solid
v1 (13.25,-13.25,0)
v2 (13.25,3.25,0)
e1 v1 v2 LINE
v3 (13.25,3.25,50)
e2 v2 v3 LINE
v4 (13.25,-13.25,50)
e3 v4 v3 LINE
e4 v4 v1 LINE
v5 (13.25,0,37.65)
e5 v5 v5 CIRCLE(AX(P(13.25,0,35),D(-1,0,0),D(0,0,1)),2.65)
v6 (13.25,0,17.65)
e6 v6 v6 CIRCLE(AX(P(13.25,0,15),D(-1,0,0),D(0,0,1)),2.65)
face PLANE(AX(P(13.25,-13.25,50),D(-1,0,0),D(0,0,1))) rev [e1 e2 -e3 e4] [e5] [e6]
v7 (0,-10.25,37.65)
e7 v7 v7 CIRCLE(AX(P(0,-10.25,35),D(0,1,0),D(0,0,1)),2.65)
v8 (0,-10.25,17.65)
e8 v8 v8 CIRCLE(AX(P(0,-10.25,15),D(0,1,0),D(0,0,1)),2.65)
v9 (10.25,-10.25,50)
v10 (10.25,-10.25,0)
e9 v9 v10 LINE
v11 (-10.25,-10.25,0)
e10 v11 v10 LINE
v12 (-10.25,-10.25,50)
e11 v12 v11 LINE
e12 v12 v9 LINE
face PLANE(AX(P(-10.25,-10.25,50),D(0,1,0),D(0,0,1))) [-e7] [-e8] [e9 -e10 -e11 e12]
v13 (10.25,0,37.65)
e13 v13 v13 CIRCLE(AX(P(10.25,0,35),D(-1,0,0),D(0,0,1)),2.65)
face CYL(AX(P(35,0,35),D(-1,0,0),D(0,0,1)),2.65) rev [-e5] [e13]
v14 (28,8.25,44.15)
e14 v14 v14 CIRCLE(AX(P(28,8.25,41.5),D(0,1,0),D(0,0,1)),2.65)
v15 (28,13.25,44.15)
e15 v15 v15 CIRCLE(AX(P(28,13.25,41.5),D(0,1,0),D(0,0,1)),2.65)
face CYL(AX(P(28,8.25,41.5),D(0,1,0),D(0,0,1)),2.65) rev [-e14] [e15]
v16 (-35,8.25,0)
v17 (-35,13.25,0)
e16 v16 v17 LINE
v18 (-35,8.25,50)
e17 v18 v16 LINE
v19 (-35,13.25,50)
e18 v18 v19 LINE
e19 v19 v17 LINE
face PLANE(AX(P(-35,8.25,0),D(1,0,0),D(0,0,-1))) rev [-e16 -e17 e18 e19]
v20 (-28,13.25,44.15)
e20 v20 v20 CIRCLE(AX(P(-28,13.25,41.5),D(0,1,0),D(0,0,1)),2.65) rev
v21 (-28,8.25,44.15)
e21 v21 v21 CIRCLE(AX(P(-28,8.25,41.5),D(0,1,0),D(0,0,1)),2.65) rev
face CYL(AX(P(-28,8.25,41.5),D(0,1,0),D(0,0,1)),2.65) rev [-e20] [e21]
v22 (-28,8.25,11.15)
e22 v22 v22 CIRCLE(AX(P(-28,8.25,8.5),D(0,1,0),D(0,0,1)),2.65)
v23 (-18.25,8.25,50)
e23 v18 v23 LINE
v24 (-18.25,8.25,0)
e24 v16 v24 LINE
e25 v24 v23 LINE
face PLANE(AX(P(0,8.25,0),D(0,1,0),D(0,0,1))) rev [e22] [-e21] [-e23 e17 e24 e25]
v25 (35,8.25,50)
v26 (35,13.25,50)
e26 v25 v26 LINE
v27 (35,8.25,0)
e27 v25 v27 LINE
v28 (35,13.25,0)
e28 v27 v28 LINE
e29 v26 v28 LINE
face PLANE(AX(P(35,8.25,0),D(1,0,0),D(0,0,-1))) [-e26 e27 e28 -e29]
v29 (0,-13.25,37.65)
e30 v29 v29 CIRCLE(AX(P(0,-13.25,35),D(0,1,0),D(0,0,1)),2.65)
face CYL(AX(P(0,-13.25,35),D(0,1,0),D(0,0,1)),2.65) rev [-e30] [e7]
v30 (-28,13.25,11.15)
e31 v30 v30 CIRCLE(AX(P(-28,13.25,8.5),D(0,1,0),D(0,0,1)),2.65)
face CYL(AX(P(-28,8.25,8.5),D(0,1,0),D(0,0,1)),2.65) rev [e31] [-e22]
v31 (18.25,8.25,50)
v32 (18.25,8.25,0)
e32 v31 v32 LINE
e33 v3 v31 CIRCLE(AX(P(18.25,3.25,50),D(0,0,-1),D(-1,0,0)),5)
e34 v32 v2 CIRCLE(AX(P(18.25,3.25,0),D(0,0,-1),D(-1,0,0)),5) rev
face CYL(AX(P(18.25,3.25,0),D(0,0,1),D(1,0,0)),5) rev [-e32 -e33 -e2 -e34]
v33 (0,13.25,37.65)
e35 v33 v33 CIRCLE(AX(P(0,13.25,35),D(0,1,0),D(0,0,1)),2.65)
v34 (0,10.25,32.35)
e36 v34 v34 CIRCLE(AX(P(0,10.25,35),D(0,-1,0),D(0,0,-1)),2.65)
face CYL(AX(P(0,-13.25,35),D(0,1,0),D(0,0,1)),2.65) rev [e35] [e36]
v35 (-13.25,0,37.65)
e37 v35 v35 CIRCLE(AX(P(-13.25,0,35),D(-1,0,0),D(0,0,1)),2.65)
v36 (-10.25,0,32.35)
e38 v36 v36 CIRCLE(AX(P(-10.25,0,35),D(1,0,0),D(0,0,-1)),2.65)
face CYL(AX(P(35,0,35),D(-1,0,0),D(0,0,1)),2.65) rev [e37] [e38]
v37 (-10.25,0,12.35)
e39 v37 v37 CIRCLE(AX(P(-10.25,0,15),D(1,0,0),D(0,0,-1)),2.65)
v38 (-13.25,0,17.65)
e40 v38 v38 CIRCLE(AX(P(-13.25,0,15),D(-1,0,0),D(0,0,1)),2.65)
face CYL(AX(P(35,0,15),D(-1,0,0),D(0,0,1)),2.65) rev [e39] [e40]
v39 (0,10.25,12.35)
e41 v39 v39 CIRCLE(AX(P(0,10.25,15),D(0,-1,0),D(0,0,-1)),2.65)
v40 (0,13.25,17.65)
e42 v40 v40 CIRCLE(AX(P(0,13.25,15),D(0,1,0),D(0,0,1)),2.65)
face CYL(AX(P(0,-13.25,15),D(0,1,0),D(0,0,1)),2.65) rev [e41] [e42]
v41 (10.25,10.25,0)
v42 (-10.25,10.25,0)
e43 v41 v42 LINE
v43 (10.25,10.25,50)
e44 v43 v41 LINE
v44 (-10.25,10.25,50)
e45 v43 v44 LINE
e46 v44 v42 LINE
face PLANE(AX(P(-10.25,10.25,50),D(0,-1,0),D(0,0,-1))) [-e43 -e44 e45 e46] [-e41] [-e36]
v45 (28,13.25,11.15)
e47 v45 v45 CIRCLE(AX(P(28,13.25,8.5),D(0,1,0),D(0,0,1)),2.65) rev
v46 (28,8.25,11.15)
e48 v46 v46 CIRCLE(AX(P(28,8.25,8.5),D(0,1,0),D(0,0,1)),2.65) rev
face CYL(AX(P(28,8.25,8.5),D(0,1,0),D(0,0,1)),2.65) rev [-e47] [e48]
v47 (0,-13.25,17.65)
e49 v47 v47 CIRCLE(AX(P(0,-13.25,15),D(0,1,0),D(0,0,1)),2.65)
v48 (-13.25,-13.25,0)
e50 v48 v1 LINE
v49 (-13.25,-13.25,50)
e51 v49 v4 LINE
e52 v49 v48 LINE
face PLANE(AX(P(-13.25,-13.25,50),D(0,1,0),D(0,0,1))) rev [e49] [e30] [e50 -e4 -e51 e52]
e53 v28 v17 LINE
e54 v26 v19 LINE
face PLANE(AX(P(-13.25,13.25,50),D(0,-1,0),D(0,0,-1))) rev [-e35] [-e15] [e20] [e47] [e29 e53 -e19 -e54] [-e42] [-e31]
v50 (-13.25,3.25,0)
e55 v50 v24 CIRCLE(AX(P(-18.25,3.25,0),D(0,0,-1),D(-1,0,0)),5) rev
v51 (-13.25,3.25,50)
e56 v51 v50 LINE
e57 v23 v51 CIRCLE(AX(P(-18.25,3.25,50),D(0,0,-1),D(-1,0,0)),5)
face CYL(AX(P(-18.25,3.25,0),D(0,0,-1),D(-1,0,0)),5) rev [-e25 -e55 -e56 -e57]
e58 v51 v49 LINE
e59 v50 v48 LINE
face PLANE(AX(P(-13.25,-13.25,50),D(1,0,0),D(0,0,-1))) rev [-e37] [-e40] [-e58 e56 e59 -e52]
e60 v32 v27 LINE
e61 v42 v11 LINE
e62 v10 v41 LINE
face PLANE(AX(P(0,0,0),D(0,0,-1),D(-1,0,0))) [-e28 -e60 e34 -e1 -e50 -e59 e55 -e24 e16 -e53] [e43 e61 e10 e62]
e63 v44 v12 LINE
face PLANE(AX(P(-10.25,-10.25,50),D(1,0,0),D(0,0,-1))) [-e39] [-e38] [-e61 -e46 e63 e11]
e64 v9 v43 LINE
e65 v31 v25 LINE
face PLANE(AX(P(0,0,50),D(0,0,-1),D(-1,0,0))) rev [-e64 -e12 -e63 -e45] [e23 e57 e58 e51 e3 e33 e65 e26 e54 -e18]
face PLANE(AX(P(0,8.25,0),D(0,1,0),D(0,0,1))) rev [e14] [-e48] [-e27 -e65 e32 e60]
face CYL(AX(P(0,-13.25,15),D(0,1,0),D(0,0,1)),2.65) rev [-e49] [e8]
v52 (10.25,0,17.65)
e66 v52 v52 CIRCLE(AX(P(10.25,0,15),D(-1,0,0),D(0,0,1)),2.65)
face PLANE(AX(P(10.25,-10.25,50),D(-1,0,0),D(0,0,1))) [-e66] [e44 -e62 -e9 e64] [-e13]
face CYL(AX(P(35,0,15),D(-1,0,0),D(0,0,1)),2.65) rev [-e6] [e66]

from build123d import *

# Parameters (mm, degrees)
SKETCH_1_W          = 26.5
SKETCH_1_H          = 26.5
SKETCH_1_W_2        = 20.5
SKETCH_1_H_2        = 20.5
EXTRUDE_3_DEPTH     = 50
SKETCH_2_R          = 2.65
SKETCH_2_W          = 21.75
SKETCH_2_H          = 50
EXTRUDE_4_DEPTH     = 5
CUT_EXTRUDE_1_DEPTH = 67.537583365
SKETCH_4_R          = 2.65
CUT_EXTRUDE_2_DEPTH = 71.736306095
FILLET_1_R          = 5


with BuildPart() as part:
    # 草图1 → 凸台-拉伸3 (new body)
    with BuildSketch(Plane.XY):
        Rectangle(SKETCH_1_W, SKETCH_1_H)
        Rectangle(SKETCH_1_W_2, SKETCH_1_H_2, mode=Mode.SUBTRACT)
    extrude(amount=EXTRUDE_3_DEPTH)

    # 草图2 → 凸台-拉伸4 (add)
    # profile 1 of 2: a face of its own
    with BuildSketch(Plane(origin=(0, 13.25, 0), x_dir=(1, 0, 0), z_dir=(0, 1, 0))):
        Polygon((-13.25, -50), (-13.25, -25), (-13.25, 0), (-35, 0), (-35, -50), align=None)
        with Locations(Location((-28, -41.5, 0), (0, 0, 270))):
            Circle(SKETCH_2_R, mode=Mode.SUBTRACT)
        with Locations(Location((-28, -8.5, 0), (0, 0, 270))):
            Circle(SKETCH_2_R, mode=Mode.SUBTRACT)
    # profile 2 of 2: a face of its own
    with BuildSketch(Plane(origin=(0, 13.25, 0), x_dir=(1, 0, 0), z_dir=(0, 1, 0))):
        with Locations((24.125, -25)):
            Rectangle(SKETCH_2_W, SKETCH_2_H)
        with Locations(Location((28, -41.5, 0), (0, 0, 270))):
            Circle(SKETCH_2_R, mode=Mode.SUBTRACT)
        with Locations(Location((28, -8.5, 0), (0, 0, 270))):
            Circle(SKETCH_2_R, mode=Mode.SUBTRACT)
    extrude(amount=-EXTRUDE_4_DEPTH)

    # 草图3 → 切除-拉伸1 (cut, through all)
    with BuildSketch(Plane(origin=(0, 13.25, 0), x_dir=(1, 0, 0), z_dir=(0, 1, 0))):
        with BuildLine():
            ThreePointArc((2.65, -15), (1.87383297, -13.12616703), (0, -12.35))
            Line((0, -12.35), (0, -17.65))
            ThreePointArc((0, -17.65), (1.87383297, -16.87383297), (2.65, -15))
        make_face()
        with BuildLine():
            Line((0, -17.65), (0, -12.35))
            ThreePointArc((0, -12.35), (-2.65, -15), (0, -17.65))
        make_face()
        with BuildLine():
            ThreePointArc((2.65, -35), (1.87383297, -33.12616703), (0, -32.35))
            Line((0, -32.35), (0, -37.65))
            ThreePointArc((0, -37.65), (1.87383297, -36.87383297), (2.65, -35))
        make_face()
        with BuildLine():
            Line((0, -37.65), (0, -32.35))
            ThreePointArc((0, -32.35), (-2.65, -35), (0, -37.65))
        make_face()
    extrude(amount=-CUT_EXTRUDE_1_DEPTH, mode=Mode.SUBTRACT)

    # 草图4 → 切除-拉伸2 (cut, through all)
    with BuildSketch(Plane.ZY.offset(13.25)):
        with Locations((15, 0)):
            Circle(SKETCH_4_R)
        with Locations((35, 0)):
            Circle(SKETCH_4_R)
    extrude(amount=-CUT_EXTRUDE_2_DEPTH, mode=Mode.SUBTRACT)

    # 圆角1
    fillet_1_edges = [part.edges().sort_by_distance(p)[0] for p in [
        (-13.25, 8.25, 25),
        (13.25, 8.25, 25),
    ]]
    fillet(fillet_1_edges, radius=FILLET_1_R)


solid = part.part
